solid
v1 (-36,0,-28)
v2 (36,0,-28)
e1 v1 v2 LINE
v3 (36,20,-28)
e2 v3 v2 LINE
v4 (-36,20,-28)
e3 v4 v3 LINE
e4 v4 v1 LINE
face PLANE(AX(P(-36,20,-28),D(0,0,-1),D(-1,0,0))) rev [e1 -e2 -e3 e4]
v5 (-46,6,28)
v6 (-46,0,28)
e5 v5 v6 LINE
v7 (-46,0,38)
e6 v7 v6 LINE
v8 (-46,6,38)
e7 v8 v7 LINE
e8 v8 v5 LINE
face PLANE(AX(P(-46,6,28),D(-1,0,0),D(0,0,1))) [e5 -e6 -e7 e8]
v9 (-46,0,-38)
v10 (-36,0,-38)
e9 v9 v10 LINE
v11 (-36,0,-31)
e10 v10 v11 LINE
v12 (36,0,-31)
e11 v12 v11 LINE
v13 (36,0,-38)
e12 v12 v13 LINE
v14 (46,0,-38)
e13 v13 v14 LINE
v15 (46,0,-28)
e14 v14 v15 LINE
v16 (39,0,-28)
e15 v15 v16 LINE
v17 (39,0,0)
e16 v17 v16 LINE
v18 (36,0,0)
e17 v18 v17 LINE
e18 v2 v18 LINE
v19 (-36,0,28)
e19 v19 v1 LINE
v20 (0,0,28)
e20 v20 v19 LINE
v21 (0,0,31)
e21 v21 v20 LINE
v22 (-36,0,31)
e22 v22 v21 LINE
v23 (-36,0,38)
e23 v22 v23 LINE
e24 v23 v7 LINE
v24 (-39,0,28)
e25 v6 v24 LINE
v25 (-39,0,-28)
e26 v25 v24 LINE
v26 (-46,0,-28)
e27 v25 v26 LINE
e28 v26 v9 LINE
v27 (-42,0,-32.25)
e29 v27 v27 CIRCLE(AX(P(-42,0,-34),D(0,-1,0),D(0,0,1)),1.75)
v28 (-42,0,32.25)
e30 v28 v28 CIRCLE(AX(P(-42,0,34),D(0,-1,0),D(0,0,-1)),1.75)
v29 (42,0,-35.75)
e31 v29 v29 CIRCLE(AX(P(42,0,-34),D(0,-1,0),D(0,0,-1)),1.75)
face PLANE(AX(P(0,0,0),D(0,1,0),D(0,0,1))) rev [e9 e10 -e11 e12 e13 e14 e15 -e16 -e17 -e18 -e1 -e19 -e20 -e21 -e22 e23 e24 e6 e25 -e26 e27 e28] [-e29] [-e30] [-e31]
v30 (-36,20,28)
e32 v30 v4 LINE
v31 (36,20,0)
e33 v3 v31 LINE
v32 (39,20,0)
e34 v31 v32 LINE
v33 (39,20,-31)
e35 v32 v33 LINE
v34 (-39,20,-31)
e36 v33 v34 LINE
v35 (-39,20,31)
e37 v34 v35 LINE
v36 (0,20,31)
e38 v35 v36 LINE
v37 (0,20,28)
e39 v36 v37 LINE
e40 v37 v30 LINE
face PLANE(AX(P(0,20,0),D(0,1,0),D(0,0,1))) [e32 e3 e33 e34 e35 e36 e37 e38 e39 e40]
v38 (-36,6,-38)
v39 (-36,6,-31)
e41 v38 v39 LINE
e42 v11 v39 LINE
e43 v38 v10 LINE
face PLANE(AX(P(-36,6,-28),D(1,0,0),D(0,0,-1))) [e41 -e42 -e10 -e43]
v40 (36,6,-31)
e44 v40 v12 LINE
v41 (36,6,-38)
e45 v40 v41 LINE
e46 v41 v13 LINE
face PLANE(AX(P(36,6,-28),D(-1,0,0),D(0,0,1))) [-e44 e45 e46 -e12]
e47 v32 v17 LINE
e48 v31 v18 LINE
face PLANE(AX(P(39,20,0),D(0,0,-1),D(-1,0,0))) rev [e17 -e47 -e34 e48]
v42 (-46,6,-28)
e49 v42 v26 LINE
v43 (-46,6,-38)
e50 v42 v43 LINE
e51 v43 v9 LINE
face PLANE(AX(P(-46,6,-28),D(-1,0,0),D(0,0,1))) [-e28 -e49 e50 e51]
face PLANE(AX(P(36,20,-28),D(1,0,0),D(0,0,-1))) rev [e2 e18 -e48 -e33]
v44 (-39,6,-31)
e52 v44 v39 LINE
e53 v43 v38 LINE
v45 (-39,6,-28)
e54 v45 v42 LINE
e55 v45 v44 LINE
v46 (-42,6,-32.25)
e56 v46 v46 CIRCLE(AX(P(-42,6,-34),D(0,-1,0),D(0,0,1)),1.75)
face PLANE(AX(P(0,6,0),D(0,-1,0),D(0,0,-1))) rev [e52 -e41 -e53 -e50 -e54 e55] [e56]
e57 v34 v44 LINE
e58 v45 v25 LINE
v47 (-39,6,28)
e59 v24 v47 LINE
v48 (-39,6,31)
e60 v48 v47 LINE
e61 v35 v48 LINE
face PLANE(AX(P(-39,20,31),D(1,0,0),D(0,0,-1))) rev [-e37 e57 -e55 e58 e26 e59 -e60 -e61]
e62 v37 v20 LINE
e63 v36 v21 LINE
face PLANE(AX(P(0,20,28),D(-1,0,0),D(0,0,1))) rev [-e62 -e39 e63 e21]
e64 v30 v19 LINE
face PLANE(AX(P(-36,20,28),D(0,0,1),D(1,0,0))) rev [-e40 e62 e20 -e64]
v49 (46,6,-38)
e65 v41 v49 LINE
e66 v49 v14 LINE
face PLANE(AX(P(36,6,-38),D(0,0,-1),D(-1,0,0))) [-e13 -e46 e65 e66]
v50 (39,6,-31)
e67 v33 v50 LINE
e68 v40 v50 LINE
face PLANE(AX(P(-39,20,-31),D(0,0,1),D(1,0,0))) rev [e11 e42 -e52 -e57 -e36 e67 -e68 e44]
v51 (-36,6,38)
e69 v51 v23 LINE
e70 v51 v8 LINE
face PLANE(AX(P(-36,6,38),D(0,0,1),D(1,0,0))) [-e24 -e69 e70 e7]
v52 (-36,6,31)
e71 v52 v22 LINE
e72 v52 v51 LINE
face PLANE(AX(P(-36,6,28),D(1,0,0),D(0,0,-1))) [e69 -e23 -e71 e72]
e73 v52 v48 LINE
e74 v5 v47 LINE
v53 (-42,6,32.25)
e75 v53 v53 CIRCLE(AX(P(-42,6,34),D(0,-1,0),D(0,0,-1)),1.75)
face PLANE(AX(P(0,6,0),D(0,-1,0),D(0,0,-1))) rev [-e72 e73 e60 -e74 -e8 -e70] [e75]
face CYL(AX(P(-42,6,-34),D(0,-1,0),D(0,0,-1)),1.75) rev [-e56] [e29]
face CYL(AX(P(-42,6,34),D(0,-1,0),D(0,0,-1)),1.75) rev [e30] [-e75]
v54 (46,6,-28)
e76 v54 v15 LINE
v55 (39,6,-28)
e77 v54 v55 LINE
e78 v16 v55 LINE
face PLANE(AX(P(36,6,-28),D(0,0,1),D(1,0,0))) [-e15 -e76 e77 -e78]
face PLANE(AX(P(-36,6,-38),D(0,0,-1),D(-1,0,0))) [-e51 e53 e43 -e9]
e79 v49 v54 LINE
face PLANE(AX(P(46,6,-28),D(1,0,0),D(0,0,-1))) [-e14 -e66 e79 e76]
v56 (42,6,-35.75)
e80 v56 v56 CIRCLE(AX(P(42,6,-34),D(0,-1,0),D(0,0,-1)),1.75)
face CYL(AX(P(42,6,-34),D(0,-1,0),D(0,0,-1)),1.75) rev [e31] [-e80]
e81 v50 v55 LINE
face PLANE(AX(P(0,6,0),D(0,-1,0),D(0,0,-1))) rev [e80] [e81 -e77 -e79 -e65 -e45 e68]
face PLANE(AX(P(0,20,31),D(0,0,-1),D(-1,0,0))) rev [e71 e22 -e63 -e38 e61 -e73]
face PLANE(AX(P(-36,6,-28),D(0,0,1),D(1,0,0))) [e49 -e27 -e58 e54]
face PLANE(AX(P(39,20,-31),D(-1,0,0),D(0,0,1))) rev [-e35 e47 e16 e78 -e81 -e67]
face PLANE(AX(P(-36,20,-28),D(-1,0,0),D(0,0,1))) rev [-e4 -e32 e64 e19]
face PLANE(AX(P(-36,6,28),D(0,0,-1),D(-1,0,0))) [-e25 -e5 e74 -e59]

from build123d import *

# Parameters (mm, degrees)
EXTRUDE_1_DEPTH = 20
SKETCH_2_W      = 10
SKETCH_2_H      = 10
SKETCH_2_R      = 1.75
EXTRUDE_2_DEPTH = 6


with BuildPart() as part:
    # 草图1 → 凸台-拉伸1 (new body)
    with BuildSketch(Plane(origin=(0, 0, 0), x_dir=(1, 0, 0), z_dir=(0, 1, 0))):
        Polygon((0, -28), (0, -31), (-39, -31), (-39, 31), (39, 31), (39, 0), (36, 0), (36, 28), (-36, 28), (-36, -28), align=None)
    extrude(amount=EXTRUDE_1_DEPTH)

    # 草图2 → 凸台-拉伸2 (add)
    # profile 1 of 3: a face of its own
    with BuildSketch(Plane.XZ):
        with Locations((-41, 33)):
            Rectangle(SKETCH_2_W, SKETCH_2_H)
        with Locations(Location((-42, 34, 0), (0, 0, 270))):
            Circle(SKETCH_2_R, mode=Mode.SUBTRACT)
    # profile 2 of 3: a face of its own
    with BuildSketch(Plane.XZ):
        with Locations((-41, -33)):
            Rectangle(SKETCH_2_W, SKETCH_2_H)
        with Locations(Location((-42, -34, 0), (0, 0, 90))):
            Circle(SKETCH_2_R, mode=Mode.SUBTRACT)
    # profile 3 of 3: a face of its own
    with BuildSketch(Plane.XZ):
        with Locations((41, -33)):
            Rectangle(SKETCH_2_W, SKETCH_2_H)
        with Locations(Location((42, -34, 0), (0, 0, 270))):
            Circle(SKETCH_2_R, mode=Mode.SUBTRACT)
    extrude(amount=-EXTRUDE_2_DEPTH)


solid = part.part
